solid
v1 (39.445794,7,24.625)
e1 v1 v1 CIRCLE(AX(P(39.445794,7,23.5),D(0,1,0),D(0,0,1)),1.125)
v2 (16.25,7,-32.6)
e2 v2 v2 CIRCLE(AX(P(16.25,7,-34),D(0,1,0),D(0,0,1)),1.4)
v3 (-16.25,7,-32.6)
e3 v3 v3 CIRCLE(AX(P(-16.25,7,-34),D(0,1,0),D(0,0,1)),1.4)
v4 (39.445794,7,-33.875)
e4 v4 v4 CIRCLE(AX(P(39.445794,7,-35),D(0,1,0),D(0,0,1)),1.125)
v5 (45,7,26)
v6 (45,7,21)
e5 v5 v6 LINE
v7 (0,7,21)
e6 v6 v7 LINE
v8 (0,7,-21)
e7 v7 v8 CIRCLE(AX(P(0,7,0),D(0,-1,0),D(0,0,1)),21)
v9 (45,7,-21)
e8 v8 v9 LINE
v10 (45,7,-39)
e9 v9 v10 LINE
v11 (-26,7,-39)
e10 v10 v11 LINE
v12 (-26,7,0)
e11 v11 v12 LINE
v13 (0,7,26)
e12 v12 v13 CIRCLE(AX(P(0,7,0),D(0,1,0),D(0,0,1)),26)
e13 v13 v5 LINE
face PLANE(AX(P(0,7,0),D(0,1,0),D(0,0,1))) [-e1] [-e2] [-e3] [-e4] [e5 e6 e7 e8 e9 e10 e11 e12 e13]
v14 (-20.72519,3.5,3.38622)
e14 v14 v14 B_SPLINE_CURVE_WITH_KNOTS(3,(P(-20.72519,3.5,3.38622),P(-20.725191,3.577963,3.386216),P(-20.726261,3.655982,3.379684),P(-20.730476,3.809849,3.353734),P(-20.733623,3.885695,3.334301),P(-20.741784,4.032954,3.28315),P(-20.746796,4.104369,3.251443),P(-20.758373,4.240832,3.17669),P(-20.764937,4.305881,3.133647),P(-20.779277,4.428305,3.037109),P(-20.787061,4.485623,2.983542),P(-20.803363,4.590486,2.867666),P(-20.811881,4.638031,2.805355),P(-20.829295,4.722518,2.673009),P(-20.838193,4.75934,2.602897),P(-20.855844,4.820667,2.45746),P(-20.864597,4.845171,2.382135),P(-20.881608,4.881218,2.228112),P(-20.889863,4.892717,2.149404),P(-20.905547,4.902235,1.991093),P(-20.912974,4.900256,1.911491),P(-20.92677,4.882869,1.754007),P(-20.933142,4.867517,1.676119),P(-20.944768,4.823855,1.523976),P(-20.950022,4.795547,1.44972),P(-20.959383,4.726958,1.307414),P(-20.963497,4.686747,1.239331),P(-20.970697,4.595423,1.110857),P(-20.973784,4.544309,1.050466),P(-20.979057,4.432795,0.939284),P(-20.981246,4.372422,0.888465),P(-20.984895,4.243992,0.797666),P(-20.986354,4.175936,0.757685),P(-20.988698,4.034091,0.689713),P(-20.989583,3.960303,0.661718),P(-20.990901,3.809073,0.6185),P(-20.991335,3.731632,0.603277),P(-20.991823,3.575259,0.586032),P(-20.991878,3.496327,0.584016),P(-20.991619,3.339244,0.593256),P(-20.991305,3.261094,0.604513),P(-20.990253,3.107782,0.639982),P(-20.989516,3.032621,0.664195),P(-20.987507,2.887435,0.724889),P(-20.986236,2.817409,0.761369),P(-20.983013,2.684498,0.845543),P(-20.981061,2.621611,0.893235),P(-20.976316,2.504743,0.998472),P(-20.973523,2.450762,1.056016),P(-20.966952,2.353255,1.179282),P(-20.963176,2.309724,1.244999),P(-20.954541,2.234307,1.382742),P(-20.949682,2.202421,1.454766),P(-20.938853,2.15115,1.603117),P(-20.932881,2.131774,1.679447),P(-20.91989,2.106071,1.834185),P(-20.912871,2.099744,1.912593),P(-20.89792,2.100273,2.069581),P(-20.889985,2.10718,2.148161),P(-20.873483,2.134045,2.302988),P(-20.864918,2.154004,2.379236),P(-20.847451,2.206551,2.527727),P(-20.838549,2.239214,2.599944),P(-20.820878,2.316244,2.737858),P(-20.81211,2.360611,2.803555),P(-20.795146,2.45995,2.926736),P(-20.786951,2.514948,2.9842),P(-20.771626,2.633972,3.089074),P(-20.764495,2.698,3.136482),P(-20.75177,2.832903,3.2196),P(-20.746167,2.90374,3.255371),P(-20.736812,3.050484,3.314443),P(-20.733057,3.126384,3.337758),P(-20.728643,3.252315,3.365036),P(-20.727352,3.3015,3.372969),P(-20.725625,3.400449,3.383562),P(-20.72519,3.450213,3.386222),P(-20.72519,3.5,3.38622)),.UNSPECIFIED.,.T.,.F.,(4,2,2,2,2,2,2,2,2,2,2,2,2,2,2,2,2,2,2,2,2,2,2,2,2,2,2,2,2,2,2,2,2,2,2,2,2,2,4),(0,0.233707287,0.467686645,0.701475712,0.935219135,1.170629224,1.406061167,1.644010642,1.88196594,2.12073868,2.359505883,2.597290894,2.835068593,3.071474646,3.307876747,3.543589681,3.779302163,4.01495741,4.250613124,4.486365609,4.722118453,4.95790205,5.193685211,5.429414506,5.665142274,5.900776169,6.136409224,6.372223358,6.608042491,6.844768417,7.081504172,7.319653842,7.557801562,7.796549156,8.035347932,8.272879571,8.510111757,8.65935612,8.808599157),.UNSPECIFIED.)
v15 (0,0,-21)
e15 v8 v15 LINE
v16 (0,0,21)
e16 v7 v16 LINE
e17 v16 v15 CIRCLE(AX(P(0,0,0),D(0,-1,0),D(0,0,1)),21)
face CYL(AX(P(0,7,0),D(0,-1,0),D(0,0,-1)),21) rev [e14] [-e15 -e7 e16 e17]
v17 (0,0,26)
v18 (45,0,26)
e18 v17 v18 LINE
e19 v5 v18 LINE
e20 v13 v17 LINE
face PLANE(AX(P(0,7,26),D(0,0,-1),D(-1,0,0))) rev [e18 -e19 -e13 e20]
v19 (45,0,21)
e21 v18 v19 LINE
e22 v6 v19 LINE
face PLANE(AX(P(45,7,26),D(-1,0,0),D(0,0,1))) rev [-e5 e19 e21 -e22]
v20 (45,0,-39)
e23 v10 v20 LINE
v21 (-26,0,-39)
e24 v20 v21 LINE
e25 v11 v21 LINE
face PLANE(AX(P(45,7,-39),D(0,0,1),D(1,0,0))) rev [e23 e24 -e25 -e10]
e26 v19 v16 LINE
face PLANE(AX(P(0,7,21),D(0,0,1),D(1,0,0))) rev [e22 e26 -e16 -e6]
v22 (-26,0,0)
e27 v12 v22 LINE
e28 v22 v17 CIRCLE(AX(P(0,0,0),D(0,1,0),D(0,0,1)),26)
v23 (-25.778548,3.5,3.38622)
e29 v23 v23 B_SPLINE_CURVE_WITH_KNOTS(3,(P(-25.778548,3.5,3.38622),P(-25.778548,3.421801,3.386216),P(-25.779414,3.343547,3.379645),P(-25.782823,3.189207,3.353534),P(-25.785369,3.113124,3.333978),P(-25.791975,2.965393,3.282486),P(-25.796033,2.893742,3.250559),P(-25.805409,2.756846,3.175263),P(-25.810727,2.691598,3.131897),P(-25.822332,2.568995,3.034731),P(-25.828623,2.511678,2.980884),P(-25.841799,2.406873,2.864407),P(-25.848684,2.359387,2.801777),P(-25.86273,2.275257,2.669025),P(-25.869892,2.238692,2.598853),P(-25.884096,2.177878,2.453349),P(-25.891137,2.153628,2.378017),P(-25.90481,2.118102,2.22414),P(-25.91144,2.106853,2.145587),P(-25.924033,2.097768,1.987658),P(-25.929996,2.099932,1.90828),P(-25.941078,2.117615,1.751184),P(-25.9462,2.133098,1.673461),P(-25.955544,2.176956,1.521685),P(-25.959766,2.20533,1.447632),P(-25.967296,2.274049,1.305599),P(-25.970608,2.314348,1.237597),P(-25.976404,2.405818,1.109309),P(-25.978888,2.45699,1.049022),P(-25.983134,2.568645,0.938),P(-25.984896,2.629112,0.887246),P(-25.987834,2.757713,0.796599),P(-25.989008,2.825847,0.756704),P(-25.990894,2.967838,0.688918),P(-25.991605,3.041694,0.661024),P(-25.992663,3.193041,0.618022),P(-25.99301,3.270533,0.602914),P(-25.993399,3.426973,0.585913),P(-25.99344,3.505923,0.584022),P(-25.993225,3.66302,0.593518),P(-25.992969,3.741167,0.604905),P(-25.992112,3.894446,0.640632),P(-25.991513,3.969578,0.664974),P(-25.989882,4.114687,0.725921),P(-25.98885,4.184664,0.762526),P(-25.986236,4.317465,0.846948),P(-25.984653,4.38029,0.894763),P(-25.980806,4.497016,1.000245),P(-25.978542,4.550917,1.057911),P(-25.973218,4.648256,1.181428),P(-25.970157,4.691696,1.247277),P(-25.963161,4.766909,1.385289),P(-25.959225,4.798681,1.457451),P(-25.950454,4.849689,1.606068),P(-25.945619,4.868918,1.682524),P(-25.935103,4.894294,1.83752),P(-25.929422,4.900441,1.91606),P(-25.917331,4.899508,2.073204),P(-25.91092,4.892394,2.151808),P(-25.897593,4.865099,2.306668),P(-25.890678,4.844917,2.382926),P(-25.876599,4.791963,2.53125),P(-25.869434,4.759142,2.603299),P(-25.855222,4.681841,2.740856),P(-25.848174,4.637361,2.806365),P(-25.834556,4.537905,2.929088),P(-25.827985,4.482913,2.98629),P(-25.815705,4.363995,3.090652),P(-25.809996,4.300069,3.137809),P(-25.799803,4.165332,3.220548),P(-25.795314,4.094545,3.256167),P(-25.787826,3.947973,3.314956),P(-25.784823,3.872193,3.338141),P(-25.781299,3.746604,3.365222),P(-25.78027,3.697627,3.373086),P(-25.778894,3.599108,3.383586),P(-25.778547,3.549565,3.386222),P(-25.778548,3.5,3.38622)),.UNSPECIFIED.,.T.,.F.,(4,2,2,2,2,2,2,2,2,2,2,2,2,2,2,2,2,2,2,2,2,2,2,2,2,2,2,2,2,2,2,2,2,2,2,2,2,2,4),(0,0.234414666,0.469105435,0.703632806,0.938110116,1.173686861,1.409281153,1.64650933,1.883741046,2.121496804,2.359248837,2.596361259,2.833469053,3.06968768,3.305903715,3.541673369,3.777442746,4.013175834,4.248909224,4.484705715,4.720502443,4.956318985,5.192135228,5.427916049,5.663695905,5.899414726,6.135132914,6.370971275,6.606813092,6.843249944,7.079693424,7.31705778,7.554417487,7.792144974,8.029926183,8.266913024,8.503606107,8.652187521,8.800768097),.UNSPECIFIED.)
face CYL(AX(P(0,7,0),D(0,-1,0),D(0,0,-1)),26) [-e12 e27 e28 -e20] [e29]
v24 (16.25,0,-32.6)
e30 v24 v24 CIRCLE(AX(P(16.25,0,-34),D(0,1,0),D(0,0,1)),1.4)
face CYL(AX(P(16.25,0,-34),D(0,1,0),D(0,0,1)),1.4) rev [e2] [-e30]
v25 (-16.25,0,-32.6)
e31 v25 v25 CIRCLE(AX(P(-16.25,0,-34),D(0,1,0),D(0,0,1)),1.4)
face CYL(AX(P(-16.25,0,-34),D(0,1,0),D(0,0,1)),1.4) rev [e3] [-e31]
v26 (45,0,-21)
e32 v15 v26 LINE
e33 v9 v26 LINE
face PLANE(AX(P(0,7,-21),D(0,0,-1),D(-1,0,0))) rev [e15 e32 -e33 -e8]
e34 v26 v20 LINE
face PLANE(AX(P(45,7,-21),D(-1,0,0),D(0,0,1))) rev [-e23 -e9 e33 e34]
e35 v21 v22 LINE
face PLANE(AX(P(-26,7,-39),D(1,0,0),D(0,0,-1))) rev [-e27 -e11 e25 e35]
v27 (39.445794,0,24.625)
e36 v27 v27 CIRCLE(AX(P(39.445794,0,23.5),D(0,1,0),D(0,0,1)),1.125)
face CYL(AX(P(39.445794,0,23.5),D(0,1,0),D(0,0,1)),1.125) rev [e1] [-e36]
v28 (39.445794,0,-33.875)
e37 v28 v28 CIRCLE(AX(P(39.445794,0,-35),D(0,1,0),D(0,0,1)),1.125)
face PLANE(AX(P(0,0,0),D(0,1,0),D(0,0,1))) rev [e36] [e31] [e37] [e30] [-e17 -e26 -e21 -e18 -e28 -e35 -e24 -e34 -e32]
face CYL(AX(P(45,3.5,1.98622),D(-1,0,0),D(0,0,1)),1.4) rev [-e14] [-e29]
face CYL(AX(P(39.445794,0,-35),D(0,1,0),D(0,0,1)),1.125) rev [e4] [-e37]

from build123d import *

# Parameters (mm, degrees)
EXTRUDE_1_DEPTH          = 7
SKETCH_2_R               = 1.125
CUT_EXTRUDE_2_DEPTH      = 1
CUT_EXTRUDE_2_DEPTH_BACK = 8
SKETCH_4_R               = 1.4
CUT_EXTRUDE_3_DEPTH      = 72
SKETCH_5_R               = 1.4
CUT_EXTRUDE_4_DEPTH      = 8.0000001


with BuildPart() as part:
    # 스케치1 → 보스-돌출1 (new body)
    with BuildSketch(Plane(origin=(0, 0, 0), x_dir=(1, 0, 0), z_dir=(0, 1, 0))):
        with BuildLine():
            Line((0, 21), (45, 21))
            Line((45, 21), (45, 39))
            Line((45, 39), (-26, 39))
            Line((-26, 39), (-26, 0))
            ThreePointArc((-26, 0), (-18.384776311, -18.384776311), (0, -26))
            Line((0, -26), (45, -26))
            Line((45, -26), (45, -21))
            Line((45, -21), (0, -21))
            ThreePointArc((0, -21), (-21, 0), (0, 21))
        make_face()
    extrude(amount=EXTRUDE_1_DEPTH)

    # 스케치2 → 컷-돌출2 (cut, two sides)
    with BuildSketch(Plane(origin=(0, 7, 0), x_dir=(1, 0, 0), z_dir=(0, 1, 0))) as cut_extrude_2_sk:
        with Locations((39.4457939, 35)):
            Circle(SKETCH_2_R)
        with Locations((39.4457939, -23.5)):
            Circle(SKETCH_2_R)
    extrude(amount=CUT_EXTRUDE_2_DEPTH, mode=Mode.SUBTRACT)
    extrude(cut_extrude_2_sk.sketch, amount=-CUT_EXTRUDE_2_DEPTH_BACK, mode=Mode.SUBTRACT)

    # 스케치4 → 컷-돌출3 (cut, through all)
    with BuildSketch(Plane.ZY.offset(26)):
        with Locations((1.986219712, 3.5)):
            Circle(SKETCH_4_R)
    extrude(amount=-CUT_EXTRUDE_3_DEPTH, mode=Mode.SUBTRACT)

    # 스케치5 → 컷-돌출4 (cut, through all)
    with BuildSketch(Plane(origin=(0, 7, 0), x_dir=(1, 0, 0), z_dir=(0, 1, 0))):
        with Locations((16.25, 34)):
            Circle(SKETCH_5_R)
        with Locations((-16.25, 34)):
            Circle(SKETCH_5_R)
    extrude(amount=-CUT_EXTRUDE_4_DEPTH, mode=Mode.SUBTRACT)


solid = part.part
